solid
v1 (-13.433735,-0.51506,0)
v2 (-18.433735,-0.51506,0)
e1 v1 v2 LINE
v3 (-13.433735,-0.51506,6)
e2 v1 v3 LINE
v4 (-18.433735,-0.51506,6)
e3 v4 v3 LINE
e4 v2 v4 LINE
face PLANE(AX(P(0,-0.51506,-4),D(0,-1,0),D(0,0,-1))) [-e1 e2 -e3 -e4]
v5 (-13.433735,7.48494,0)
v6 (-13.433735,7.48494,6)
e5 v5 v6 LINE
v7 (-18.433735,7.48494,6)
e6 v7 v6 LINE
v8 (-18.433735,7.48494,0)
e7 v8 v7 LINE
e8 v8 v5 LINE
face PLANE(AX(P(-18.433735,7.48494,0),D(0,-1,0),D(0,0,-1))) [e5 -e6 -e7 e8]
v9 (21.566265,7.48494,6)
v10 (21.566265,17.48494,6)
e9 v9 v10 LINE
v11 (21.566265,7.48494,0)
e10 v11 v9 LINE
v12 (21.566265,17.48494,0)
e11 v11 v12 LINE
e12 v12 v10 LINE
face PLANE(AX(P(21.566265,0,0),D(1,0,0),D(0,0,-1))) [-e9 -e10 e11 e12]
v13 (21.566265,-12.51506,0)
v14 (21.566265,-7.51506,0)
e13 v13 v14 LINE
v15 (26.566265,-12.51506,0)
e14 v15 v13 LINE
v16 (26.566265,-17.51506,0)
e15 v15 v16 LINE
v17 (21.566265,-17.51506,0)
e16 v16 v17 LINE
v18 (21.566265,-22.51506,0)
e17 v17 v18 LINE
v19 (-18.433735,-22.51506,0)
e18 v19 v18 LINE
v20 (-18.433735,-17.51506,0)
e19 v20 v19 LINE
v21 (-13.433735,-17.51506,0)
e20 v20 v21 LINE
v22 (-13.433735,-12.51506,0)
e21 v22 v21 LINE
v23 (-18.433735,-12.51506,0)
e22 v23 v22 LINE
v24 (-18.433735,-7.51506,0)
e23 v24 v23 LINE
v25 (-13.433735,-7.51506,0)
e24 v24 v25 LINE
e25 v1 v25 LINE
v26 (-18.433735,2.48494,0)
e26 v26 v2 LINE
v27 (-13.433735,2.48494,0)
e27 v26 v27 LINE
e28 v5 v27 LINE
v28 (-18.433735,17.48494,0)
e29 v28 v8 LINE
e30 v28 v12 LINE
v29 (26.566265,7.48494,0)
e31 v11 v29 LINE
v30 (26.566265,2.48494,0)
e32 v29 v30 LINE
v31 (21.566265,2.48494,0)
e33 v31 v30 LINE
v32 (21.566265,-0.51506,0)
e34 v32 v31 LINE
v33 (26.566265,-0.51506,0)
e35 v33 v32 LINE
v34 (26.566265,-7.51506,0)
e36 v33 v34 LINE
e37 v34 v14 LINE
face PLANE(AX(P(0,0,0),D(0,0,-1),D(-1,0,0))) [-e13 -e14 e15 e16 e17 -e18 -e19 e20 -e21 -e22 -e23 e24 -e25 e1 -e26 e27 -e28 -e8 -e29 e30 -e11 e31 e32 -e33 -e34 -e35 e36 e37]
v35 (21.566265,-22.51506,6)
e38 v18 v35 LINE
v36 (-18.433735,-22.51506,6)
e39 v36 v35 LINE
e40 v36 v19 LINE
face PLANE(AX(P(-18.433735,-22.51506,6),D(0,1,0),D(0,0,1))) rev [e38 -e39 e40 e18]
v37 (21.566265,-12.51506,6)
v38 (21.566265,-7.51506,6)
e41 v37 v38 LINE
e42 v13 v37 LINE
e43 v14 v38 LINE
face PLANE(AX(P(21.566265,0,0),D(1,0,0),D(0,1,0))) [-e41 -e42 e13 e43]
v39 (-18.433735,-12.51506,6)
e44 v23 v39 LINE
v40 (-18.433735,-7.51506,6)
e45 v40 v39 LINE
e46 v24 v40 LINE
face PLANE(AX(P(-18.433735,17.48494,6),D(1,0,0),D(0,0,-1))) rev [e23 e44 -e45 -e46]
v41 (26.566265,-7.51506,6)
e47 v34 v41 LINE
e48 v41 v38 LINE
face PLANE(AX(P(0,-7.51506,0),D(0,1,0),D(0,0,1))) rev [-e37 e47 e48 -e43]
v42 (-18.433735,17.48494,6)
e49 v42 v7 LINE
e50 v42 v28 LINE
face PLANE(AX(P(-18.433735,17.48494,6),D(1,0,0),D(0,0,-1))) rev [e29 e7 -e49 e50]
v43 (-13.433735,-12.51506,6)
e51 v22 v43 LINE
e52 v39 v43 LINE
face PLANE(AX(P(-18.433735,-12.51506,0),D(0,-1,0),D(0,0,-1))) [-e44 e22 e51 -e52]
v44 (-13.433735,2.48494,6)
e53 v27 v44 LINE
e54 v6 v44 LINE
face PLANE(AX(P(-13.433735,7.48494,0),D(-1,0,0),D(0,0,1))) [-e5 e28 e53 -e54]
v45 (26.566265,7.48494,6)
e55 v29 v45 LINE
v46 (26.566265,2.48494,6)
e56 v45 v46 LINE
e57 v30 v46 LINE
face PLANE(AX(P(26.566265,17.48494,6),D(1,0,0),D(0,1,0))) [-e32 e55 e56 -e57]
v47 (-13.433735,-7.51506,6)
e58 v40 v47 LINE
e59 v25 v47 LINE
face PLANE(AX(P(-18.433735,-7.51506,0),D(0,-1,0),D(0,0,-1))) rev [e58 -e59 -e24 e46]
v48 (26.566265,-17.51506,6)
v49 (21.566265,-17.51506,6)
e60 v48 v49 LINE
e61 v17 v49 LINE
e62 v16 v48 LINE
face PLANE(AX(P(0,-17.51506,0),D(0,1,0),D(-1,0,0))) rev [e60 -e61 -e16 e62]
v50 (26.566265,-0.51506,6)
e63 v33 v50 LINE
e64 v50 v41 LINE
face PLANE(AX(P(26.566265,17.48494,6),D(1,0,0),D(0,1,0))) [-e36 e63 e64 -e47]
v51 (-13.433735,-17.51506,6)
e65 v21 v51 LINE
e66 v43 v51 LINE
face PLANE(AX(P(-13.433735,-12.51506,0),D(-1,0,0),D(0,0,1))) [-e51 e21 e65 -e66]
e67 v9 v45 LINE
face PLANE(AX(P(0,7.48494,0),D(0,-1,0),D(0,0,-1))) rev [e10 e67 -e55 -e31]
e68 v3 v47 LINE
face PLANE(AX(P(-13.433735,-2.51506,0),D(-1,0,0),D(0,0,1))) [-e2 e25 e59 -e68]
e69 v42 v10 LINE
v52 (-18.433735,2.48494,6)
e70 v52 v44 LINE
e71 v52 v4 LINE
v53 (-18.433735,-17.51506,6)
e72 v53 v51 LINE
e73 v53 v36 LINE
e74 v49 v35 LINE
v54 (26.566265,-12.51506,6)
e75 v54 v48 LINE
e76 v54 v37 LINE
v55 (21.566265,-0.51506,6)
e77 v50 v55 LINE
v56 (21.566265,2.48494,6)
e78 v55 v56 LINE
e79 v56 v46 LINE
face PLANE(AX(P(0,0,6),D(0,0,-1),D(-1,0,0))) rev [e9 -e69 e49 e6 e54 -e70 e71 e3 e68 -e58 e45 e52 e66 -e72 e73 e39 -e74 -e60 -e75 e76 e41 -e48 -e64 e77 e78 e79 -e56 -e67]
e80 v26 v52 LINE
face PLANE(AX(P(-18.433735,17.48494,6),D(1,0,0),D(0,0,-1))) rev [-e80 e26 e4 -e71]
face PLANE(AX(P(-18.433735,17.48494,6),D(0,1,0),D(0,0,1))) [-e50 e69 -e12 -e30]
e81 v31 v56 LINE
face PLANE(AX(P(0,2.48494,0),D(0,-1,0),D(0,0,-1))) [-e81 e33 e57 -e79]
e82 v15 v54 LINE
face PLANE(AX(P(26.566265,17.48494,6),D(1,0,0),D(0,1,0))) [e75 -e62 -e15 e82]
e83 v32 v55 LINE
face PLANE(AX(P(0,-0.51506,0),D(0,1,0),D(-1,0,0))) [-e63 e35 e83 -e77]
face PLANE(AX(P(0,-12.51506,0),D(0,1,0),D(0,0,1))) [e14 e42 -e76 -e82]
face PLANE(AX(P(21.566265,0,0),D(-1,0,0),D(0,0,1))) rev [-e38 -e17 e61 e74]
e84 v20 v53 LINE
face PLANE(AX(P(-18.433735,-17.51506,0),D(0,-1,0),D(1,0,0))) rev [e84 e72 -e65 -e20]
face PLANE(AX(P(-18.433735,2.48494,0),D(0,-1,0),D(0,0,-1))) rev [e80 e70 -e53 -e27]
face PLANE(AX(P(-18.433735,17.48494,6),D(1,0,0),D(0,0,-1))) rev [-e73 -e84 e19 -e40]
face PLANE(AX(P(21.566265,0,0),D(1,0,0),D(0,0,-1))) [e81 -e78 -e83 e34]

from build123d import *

# Parameters (mm, degrees)
SKETCH1_W           = 45
SKETCH1_H           = 40
BOSS_EXTRUDE1_DEPTH = 6
SKETCH2_W           = 5
SKETCH2_H           = 5
SKETCH2_H_2         = 7
CUT_EXTRUDE1_DEPTH  = 6
SKETCH3_W           = 5
SKETCH3_H           = 5
SKETCH3_H_2         = 7
CUT_EXTRUDE3_DEPTH  = 6
SKETCH3_4_W         = 5
SKETCH3_4_H         = 5
SKETCH3_4_H_2       = 7
BOSS_EXTRUDE3_DEPTH = 6
SKETCH3_5_W         = 5
SKETCH3_5_H         = 10
SKETCH3_5_H_2       = 3
SKETCH3_5_H_3       = 5
CUT_EXTRUDE4_DEPTH  = 6
SKETCH4_W           = 5
SKETCH4_H           = 2
CUT_EXTRUDE10_DEPTH = 10
SKETCH5_W           = 5
SKETCH5_H           = 5
BOSS_EXTRUDE4_DEPTH = 6


with BuildPart() as part:
    # Sketch1 → Boss-Extrude1 (new body)
    with BuildSketch(Plane.XY):
        with Locations((4.06626506, -2.515060241)):
            Rectangle(SKETCH1_W, SKETCH1_H)
    extrude(amount=BOSS_EXTRUDE1_DEPTH)

    # Sketch2 → Cut-Extrude1 (cut)
    with BuildSketch(Plane.XY.offset(6)):
        with Locations((-15.93373494, 4.984939759)):
            Rectangle(SKETCH2_W, SKETCH2_H)
        with Locations((-15.93373494, -6.015060241)):
            Rectangle(SKETCH2_W, SKETCH2_H_2)
        with Locations((-15.93373494, -15.015060241)):
            Rectangle(SKETCH2_W, SKETCH2_H)
    extrude(amount=-CUT_EXTRUDE1_DEPTH, mode=Mode.SUBTRACT)

    # Sketch3 → Cut-Extrude3 (cut)
    with BuildSketch(Plane.XY.offset(6)):
        with Locations((24.06626506, -15.015060241)):
            Rectangle(SKETCH3_W, SKETCH3_H)
        with Locations((24.06626506, -4.015060241)):
            Rectangle(SKETCH3_W, SKETCH3_H_2)
        with Locations((24.06626506, 4.984939759)):
            Rectangle(SKETCH3_W, SKETCH3_H)
    extrude(amount=-CUT_EXTRUDE3_DEPTH, mode=Mode.SUBTRACT)

    # Sketch3<4> → Boss-Extrude3 (add)
    with BuildSketch(Plane.XY.offset(6)):
        with Locations((24.06626506, 4.984939759)):
            Rectangle(SKETCH3_4_W, SKETCH3_4_H)
        with Locations((24.06626506, -4.015060241)):
            Rectangle(SKETCH3_4_W, SKETCH3_4_H_2)
        with Locations((24.06626506, -15.015060241)):
            Rectangle(SKETCH3_4_W, SKETCH3_4_H)
    extrude(amount=-BOSS_EXTRUDE3_DEPTH)

    # Sketch3<5> → Cut-Extrude4 (cut)
    with BuildSketch(Plane.XY.offset(6)):
        with Locations((24.06626506, 12.484939759)):
            Rectangle(SKETCH3_5_W, SKETCH3_5_H)
        with Locations((24.06626506, 0.984939759)):
            Rectangle(SKETCH3_5_W, SKETCH3_5_H_2)
        with Locations((24.06626506, -10.015060241)):
            Rectangle(SKETCH3_5_W, SKETCH3_5_H_3)
        with Locations((24.06626506, -20.015060241)):
            Rectangle(SKETCH3_5_W, SKETCH3_5_H_3)
    extrude(amount=-CUT_EXTRUDE4_DEPTH, mode=Mode.SUBTRACT)

    # Sketch4 → Cut-Extrude10 (cut)
    with BuildSketch(Plane.XY.offset(6)):
        with Locations((-15.93373494, -1.515060241)):
            Rectangle(SKETCH4_W, SKETCH4_H)
    extrude(amount=-CUT_EXTRUDE10_DEPTH, mode=Mode.SUBTRACT)

    # Sketch5 → Boss-Extrude4 (add)
    with BuildSketch(Plane.XY.offset(6)):
        with Locations((-15.93373494, -10.015060241)):
            Rectangle(SKETCH5_W, SKETCH5_H)
    extrude(amount=-BOSS_EXTRUDE4_DEPTH)


solid = part.part
